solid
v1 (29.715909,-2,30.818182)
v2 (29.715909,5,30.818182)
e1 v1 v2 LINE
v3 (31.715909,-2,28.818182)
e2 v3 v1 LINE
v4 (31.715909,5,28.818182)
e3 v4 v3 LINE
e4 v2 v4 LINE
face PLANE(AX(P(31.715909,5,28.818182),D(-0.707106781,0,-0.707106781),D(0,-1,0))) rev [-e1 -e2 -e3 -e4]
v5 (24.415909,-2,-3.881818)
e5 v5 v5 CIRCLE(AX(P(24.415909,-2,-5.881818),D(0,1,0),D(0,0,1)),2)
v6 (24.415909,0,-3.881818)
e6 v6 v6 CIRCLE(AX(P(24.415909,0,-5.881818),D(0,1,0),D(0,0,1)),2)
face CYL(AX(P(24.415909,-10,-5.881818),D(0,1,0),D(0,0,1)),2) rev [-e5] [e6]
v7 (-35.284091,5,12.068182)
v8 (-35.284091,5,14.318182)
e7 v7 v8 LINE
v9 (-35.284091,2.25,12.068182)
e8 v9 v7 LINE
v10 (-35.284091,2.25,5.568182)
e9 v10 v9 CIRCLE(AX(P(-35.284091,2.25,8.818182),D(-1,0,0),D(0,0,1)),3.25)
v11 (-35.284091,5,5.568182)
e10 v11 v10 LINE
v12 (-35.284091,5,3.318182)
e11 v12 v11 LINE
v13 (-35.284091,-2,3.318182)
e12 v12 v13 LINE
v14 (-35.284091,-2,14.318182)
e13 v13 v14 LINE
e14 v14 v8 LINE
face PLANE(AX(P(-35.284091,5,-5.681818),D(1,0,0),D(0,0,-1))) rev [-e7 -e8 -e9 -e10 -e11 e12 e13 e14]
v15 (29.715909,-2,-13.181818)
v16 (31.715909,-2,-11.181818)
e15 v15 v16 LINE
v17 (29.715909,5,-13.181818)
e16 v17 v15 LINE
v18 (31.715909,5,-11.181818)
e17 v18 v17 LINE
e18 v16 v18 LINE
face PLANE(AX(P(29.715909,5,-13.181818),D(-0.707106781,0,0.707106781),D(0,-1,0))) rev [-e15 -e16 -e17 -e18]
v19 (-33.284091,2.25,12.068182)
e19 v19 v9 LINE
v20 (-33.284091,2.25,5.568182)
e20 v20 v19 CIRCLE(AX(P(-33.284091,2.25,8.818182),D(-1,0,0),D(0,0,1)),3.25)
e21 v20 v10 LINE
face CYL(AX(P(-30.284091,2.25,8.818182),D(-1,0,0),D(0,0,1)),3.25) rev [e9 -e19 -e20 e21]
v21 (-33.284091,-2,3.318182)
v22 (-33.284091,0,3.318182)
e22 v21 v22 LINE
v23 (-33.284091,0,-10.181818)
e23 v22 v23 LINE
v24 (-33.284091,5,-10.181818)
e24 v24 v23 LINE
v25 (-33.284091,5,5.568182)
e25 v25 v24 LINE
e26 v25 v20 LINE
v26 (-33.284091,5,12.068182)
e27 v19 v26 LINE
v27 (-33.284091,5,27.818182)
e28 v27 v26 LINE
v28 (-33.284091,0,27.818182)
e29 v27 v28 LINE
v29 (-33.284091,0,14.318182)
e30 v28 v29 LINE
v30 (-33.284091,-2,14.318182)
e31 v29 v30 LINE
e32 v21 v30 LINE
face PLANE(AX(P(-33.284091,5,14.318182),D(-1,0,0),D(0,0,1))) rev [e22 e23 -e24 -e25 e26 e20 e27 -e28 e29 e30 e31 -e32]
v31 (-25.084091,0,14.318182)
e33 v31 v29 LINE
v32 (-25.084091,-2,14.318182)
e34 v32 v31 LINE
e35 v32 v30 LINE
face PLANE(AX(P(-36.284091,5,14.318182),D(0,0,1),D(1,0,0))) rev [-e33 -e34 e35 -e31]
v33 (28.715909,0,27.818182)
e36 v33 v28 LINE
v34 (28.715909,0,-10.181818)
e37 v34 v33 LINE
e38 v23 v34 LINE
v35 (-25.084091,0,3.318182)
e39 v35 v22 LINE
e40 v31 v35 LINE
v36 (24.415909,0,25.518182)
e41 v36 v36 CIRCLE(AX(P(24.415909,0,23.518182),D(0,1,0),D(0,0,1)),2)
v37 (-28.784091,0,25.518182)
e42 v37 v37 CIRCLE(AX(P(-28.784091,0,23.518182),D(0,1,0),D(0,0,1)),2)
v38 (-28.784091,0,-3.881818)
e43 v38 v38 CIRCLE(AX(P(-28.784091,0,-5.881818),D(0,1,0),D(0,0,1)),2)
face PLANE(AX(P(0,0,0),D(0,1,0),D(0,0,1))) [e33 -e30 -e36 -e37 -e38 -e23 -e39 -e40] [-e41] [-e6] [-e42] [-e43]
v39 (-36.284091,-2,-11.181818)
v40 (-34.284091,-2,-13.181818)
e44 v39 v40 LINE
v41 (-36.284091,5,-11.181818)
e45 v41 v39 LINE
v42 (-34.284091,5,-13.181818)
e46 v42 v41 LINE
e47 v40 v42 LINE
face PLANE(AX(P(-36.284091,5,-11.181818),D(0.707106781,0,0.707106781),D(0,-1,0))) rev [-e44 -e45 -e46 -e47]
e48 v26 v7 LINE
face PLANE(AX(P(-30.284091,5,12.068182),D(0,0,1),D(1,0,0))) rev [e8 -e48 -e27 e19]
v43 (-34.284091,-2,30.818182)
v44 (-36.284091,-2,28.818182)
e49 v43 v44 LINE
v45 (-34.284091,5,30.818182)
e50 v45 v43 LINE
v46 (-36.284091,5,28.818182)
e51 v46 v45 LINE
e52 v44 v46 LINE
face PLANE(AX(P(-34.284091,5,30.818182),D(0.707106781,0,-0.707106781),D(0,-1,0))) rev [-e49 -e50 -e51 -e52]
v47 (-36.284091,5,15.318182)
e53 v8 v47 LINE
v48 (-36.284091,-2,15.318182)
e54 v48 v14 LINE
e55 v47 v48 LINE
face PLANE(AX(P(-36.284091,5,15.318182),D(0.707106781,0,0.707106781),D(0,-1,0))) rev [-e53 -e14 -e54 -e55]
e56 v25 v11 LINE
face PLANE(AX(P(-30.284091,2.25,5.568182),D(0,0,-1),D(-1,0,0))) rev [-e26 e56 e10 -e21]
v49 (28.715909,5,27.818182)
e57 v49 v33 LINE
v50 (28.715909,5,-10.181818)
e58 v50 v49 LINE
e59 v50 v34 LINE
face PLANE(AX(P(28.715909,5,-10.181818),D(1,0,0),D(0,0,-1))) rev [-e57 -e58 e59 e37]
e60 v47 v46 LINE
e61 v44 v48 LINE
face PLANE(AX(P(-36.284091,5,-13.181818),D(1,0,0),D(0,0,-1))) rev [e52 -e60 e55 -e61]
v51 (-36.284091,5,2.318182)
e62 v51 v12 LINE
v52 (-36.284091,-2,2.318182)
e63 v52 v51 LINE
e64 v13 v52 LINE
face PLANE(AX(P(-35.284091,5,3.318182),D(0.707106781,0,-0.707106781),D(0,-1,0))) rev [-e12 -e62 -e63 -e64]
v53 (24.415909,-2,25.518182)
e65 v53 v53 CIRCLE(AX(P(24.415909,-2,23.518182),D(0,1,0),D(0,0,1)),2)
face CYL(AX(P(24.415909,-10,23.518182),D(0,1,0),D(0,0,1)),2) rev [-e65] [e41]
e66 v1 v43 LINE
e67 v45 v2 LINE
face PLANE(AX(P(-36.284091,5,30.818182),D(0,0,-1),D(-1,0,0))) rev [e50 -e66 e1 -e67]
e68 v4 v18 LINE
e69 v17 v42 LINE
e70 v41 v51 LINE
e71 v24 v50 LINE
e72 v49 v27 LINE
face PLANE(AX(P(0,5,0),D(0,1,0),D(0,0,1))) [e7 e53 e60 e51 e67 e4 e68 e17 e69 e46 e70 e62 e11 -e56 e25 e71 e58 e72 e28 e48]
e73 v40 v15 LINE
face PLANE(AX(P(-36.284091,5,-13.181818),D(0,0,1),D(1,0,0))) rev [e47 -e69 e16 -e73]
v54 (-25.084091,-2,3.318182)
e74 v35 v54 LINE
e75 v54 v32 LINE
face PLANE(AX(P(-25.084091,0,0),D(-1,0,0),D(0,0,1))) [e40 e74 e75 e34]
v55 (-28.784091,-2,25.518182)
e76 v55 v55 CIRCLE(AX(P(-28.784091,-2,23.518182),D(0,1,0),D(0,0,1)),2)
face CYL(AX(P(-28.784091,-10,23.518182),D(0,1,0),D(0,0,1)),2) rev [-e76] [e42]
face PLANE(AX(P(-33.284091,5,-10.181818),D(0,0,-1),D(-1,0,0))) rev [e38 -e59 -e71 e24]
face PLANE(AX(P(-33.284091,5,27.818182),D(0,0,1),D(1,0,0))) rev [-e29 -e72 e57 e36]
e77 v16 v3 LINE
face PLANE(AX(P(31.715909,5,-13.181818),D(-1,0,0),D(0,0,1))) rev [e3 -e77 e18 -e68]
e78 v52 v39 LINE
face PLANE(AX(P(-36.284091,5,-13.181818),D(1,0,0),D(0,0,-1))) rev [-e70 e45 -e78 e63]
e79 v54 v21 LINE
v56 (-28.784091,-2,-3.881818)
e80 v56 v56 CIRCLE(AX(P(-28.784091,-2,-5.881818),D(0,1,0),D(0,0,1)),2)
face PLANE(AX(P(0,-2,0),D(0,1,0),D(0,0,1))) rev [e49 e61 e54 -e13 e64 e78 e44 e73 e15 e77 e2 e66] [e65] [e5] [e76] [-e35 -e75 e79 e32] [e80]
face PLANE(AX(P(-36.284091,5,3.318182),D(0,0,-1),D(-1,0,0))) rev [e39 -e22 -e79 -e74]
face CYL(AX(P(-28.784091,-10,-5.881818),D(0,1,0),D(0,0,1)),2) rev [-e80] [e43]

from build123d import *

# Parameters (mm, degrees)
BOSS_EXTRUDE1_DEPTH = 5
SKETCH2_W           = 68
SKETCH2_H           = 44
BOSS_EXTRUDE2_DEPTH = 2
SKETCH3_W           = 11
SKETCH3_H           = 2
CUT_EXTRUDE1_DEPTH  = 11.2
CHAMFER1_SIZE       = 1
SKETCH4_R           = 2
CUT_EXTRUDE2_DEPTH  = 10
SKETCH6_W           = 2
SKETCH6_H           = 7
BOSS_EXTRUDE3_DEPTH = 20
CUT_EXTRUDE3_DEPTH  = 5
CHAMFER2_SIZE       = 2


with BuildPart() as part:
    # Sketch1 → Boss-Extrude1 (new body)
    with BuildSketch(Plane(origin=(0, 0, 0), x_dir=(1, 0, 0), z_dir=(0, 1, 0))):
        Polygon((-33.284090909, -14.318181818), (-33.284090909, -27.818181818), (28.715909091, -27.818181818), (28.715909091, 10.181818182), (-33.284090909, 10.181818182), (-33.284090909, -3.318181818), (-36.284090909, -3.318181818), (-36.284090909, 13.181818182), (31.715909091, 13.181818182), (31.715909091, -30.818181818), (-36.284090909, -30.818181818), (-36.284090909, -14.318181818), align=None)
    extrude(amount=BOSS_EXTRUDE1_DEPTH)

    # Sketch2 → Boss-Extrude2 (add)
    with BuildSketch(Plane.XZ):
        with Locations((-2.284090909, 8.818181818)):
            Rectangle(SKETCH2_W, SKETCH2_H)
    extrude(amount=BOSS_EXTRUDE2_DEPTH)

    # Sketch3 → Cut-Extrude1 (cut)
    with BuildSketch(Plane.ZY.offset(36.284090909)):
        with Locations((8.818181818, -1)):
            Rectangle(SKETCH3_W, SKETCH3_H)
    extrude(amount=-CUT_EXTRUDE1_DEPTH, mode=Mode.SUBTRACT)

    # Chamfer1
    chamfer1_edges = [part.edges().sort_by_distance(p)[0] for p in [
        (-36.284090909, 1.5, 3.318181818),
        (-36.284090909, 1.5, 14.318181818),
    ]]
    chamfer(chamfer1_edges, length=CHAMFER1_SIZE)

    # Sketch4 → Cut-Extrude2 (cut)
    with BuildSketch(Plane(origin=(0, 0, 0), x_dir=(1, 0, 0), z_dir=(0, 1, 0))):
        with Locations(Location((24.415909091, 5.881818182, 0), (0, 0, 270))):
            Circle(SKETCH4_R)
        with Locations(Location((24.415909091, -23.518181818, 0), (0, 0, 270))):
            Circle(SKETCH4_R)
        with Locations(Location((-28.784090909, -23.518181818, 0), (0, 0, 270))):
            Circle(SKETCH4_R)
        with Locations(Location((-28.784090909, 5.881818182, 0), (0, 0, 270))):
            Circle(SKETCH4_R)
    extrude(amount=-CUT_EXTRUDE2_DEPTH, mode=Mode.SUBTRACT)

    # Sketch6 → Boss-Extrude3 (add)
    with BuildSketch(Plane(origin=(0, 0, 14.318181818), x_dir=(-1, 0, 0), z_dir=(0, 0, -1))):
        with Locations((34.284090909, 1.5)):
            Rectangle(SKETCH6_W, SKETCH6_H)
    extrude(amount=BOSS_EXTRUDE3_DEPTH)

    # Sketch7 → Cut-Extrude3 (cut)
    with BuildSketch(Plane.ZY.offset(35.284090909)):
        with BuildLine():
            Line((5.568181818, 2.25), (5.568181818, 5))
            Line((5.568181818, 5), (12.068181818, 5))
            Line((12.068181818, 5), (12.068181818, 2.25))
            ThreePointArc((12.068181818, 2.25), (8.818181818, -1), (5.568181818, 2.25))
        make_face()
    extrude(amount=-CUT_EXTRUDE3_DEPTH, mode=Mode.SUBTRACT)

    # Chamfer2
    chamfer2_edges = [part.edges().sort_by_distance(p)[0] for p in [
        (-36.284090909, 1.5, -13.181818182),
        (31.715909091, 1.5, -13.181818182),
        (31.715909091, 1.5, 30.818181818),
        (-36.284090909, 1.5, 30.818181818),
    ]]
    chamfer(chamfer2_edges, length=CHAMFER2_SIZE)


solid = part.part
